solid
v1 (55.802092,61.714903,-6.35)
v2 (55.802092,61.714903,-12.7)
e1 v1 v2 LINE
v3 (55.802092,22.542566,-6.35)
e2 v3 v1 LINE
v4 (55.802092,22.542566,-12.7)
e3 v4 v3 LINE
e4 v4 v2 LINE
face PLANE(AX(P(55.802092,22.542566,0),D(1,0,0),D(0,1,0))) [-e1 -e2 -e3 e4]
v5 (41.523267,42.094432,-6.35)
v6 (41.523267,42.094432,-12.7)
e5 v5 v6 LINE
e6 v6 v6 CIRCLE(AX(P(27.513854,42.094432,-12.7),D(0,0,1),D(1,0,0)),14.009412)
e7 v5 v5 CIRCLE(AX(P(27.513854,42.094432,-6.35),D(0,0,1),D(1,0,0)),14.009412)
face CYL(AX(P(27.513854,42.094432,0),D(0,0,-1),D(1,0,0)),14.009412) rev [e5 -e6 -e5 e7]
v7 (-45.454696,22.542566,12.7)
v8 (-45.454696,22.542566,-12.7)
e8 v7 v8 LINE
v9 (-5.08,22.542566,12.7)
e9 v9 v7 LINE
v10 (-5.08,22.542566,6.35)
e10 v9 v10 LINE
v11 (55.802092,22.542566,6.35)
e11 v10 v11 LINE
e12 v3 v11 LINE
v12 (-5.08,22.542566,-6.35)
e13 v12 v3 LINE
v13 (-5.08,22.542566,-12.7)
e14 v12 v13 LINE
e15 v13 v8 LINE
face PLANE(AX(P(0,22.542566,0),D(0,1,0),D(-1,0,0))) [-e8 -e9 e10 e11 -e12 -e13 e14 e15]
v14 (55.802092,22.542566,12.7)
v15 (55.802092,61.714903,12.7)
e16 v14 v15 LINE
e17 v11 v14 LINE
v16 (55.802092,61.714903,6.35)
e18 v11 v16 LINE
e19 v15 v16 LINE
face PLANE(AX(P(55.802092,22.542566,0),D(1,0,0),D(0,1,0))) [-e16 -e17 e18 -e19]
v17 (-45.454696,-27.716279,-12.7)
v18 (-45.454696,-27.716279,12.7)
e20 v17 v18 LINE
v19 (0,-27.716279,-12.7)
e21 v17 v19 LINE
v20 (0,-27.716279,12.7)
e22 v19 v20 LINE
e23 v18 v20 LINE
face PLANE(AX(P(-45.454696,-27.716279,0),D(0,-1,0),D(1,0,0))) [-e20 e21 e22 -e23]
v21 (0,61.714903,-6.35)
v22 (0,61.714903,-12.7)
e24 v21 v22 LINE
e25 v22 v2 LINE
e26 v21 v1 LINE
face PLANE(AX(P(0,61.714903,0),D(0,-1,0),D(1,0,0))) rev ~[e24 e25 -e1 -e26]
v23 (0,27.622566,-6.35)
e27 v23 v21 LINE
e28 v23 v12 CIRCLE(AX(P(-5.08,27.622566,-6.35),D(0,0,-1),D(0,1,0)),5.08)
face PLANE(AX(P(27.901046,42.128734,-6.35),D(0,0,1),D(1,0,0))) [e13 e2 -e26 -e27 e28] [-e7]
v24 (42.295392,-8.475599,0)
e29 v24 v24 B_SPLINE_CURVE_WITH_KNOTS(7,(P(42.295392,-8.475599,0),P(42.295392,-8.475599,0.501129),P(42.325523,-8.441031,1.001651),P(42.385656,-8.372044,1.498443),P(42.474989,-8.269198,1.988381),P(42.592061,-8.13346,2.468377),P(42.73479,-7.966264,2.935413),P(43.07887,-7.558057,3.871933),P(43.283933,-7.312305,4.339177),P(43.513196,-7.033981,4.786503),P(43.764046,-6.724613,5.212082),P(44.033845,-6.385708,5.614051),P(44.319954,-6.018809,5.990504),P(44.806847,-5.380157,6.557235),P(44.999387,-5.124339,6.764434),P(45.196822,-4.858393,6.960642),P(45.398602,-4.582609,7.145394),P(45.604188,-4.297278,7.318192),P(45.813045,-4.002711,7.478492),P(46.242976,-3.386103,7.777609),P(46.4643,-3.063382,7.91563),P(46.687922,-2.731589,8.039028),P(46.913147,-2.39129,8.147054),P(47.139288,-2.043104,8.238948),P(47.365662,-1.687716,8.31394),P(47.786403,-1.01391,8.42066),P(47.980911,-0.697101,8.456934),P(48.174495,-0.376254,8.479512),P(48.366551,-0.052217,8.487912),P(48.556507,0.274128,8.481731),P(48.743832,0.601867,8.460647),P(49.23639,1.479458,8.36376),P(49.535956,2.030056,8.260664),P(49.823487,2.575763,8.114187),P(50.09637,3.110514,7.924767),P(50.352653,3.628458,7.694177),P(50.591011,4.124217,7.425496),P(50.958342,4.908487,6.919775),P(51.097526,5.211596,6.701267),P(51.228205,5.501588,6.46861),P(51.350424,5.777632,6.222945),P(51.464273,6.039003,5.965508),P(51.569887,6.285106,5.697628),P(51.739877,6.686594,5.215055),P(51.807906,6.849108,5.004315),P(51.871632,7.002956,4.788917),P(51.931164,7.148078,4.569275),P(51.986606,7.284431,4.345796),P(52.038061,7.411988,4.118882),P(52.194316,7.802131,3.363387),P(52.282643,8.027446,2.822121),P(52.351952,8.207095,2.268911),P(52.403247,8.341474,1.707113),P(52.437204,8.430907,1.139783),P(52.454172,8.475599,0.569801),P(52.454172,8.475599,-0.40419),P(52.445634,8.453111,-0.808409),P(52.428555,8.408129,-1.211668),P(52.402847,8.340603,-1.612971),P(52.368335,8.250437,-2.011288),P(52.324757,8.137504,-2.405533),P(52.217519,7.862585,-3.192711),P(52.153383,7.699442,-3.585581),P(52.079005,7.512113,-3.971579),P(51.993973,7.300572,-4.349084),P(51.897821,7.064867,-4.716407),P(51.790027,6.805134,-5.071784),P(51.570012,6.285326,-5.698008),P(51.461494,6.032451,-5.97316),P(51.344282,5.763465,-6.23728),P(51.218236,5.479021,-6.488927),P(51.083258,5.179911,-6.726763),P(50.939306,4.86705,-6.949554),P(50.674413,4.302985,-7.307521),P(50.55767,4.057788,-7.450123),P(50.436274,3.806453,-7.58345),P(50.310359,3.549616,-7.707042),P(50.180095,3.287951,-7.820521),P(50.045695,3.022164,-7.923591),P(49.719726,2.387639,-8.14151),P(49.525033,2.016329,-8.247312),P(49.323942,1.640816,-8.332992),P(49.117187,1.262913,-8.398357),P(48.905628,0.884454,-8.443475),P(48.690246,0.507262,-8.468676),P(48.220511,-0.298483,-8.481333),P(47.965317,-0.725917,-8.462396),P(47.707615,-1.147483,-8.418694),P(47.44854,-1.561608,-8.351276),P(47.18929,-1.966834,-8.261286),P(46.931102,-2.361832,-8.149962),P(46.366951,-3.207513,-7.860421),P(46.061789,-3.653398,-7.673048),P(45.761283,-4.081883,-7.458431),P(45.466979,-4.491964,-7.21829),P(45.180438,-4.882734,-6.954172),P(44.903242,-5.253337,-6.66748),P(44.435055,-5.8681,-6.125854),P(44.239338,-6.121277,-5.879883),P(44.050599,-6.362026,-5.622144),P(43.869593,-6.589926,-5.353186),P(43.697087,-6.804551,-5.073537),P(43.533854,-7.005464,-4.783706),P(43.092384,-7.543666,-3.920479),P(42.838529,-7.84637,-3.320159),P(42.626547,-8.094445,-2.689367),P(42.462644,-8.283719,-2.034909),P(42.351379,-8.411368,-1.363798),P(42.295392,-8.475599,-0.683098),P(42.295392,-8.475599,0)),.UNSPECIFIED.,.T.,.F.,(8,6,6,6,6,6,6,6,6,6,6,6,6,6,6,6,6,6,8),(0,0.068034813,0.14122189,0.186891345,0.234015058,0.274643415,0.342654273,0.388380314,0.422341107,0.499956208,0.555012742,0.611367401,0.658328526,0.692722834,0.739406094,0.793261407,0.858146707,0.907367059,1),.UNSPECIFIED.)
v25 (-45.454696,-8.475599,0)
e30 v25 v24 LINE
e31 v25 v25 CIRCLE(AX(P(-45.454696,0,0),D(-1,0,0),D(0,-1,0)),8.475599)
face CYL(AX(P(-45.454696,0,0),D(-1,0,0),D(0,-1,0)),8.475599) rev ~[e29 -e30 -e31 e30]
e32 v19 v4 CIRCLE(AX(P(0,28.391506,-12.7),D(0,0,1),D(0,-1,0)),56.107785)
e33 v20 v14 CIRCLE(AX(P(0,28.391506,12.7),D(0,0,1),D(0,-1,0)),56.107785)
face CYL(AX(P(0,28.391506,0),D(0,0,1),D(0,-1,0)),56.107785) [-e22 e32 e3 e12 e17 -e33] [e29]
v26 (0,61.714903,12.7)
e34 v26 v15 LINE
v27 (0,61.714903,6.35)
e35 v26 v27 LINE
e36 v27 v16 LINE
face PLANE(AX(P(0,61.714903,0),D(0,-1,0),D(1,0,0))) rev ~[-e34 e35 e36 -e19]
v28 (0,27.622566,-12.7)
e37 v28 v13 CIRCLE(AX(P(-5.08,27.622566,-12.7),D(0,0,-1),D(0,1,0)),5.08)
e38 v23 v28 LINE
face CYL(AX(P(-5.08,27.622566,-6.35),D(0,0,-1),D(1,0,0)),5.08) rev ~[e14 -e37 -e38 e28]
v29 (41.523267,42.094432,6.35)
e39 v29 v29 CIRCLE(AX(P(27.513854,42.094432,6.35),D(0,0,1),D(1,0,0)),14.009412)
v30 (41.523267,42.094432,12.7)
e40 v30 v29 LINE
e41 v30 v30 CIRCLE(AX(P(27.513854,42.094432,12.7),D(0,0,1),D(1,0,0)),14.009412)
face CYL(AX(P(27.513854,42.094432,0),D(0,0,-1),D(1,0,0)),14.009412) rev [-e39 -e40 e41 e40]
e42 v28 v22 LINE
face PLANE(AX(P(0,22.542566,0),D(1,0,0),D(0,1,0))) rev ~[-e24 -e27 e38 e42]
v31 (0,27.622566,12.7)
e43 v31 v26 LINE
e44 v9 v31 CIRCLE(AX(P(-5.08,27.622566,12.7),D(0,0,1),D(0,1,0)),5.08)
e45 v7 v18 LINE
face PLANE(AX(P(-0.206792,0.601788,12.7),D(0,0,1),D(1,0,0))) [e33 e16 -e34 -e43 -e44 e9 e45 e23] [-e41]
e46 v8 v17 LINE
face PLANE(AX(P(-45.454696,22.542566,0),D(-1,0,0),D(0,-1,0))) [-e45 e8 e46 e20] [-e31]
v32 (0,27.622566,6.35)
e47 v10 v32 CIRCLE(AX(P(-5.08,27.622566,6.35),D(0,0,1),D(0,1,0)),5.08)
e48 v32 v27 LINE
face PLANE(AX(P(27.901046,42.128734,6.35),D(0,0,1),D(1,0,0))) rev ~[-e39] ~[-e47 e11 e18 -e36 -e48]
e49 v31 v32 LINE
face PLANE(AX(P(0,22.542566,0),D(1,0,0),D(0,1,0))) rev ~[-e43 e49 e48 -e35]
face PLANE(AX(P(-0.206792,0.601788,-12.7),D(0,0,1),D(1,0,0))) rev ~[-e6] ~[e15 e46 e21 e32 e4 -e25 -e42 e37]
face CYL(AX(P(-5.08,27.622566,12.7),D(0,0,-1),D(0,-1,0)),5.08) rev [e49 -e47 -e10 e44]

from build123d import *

# Parameters (mm, degrees)
F0_W     = 55.8020919561
F0_H     = 39.1723364592
F0_R     = 14.0094122965
F1_DEPTH = 12.7
F2_DEPTH = 6.35
F3_R     = 5.08
F4_R     = 5.08
F5_R     = 8.4755986108
F6_DEPTH = 125.9534060955


with BuildPart() as f1:
    # F0 (on Top) → F1 (new body, symmetric)
    with BuildSketch(Plane.XY):
        with BuildLine():
            Line((0, 22.542566061), (-45.4546958208, 22.542566061))
            Line((-45.4546958208, 22.542566061), (-45.4546958208, -27.7162790298))
            Line((-45.4546958208, -27.7162790298), (0, -27.7162790298))
            ThreePointArc((0, -27.7162790298), (37.5493840713, -13.2993479579), (55.8020919561, 22.542566061))
            Line((55.8020919561, 22.542566061), (0, 22.542566061))
        make_face()
        with Locations((27.9010459781, 42.1287342906)):
            Rectangle(F0_W, F0_H)
        with Locations((27.5138542056, 42.0944318175)):
            Circle(F0_R, mode=Mode.SUBTRACT)
    extrude(amount=F1_DEPTH, both=True)

    # F0 (on Top) → F2 (cut, symmetric)
    with BuildSketch(Plane.XY):
        with Locations((27.9010459781, 42.1287342906)):
            Rectangle(F0_W, F0_H)
        with Locations((27.5138542056, 42.0944318175)):
            Circle(F0_R, mode=Mode.SUBTRACT)
    extrude(amount=F2_DEPTH, both=True, mode=Mode.SUBTRACT)

    # F3
    f3_edges = [f1.edges().sort_by_distance(p)[0] for p in [
        (0, 22.542566, 9.525),
    ]]
    fillet(f3_edges, radius=F3_R)

    # F4
    f4_edges = [f1.edges().sort_by_distance(p)[0] for p in [
        (0, 22.542566, -9.525),
    ]]
    fillet(f4_edges, radius=F4_R)

    # F5 (on face) → F6 (cut)
    with BuildSketch(Plane(origin=(-45.4546958208, 0, 0), x_dir=(0, -1, 0), z_dir=(-1, 0, 0))):
        Circle(F5_R)
    extrude(amount=-F6_DEPTH, mode=Mode.SUBTRACT)


solid = f1.part
